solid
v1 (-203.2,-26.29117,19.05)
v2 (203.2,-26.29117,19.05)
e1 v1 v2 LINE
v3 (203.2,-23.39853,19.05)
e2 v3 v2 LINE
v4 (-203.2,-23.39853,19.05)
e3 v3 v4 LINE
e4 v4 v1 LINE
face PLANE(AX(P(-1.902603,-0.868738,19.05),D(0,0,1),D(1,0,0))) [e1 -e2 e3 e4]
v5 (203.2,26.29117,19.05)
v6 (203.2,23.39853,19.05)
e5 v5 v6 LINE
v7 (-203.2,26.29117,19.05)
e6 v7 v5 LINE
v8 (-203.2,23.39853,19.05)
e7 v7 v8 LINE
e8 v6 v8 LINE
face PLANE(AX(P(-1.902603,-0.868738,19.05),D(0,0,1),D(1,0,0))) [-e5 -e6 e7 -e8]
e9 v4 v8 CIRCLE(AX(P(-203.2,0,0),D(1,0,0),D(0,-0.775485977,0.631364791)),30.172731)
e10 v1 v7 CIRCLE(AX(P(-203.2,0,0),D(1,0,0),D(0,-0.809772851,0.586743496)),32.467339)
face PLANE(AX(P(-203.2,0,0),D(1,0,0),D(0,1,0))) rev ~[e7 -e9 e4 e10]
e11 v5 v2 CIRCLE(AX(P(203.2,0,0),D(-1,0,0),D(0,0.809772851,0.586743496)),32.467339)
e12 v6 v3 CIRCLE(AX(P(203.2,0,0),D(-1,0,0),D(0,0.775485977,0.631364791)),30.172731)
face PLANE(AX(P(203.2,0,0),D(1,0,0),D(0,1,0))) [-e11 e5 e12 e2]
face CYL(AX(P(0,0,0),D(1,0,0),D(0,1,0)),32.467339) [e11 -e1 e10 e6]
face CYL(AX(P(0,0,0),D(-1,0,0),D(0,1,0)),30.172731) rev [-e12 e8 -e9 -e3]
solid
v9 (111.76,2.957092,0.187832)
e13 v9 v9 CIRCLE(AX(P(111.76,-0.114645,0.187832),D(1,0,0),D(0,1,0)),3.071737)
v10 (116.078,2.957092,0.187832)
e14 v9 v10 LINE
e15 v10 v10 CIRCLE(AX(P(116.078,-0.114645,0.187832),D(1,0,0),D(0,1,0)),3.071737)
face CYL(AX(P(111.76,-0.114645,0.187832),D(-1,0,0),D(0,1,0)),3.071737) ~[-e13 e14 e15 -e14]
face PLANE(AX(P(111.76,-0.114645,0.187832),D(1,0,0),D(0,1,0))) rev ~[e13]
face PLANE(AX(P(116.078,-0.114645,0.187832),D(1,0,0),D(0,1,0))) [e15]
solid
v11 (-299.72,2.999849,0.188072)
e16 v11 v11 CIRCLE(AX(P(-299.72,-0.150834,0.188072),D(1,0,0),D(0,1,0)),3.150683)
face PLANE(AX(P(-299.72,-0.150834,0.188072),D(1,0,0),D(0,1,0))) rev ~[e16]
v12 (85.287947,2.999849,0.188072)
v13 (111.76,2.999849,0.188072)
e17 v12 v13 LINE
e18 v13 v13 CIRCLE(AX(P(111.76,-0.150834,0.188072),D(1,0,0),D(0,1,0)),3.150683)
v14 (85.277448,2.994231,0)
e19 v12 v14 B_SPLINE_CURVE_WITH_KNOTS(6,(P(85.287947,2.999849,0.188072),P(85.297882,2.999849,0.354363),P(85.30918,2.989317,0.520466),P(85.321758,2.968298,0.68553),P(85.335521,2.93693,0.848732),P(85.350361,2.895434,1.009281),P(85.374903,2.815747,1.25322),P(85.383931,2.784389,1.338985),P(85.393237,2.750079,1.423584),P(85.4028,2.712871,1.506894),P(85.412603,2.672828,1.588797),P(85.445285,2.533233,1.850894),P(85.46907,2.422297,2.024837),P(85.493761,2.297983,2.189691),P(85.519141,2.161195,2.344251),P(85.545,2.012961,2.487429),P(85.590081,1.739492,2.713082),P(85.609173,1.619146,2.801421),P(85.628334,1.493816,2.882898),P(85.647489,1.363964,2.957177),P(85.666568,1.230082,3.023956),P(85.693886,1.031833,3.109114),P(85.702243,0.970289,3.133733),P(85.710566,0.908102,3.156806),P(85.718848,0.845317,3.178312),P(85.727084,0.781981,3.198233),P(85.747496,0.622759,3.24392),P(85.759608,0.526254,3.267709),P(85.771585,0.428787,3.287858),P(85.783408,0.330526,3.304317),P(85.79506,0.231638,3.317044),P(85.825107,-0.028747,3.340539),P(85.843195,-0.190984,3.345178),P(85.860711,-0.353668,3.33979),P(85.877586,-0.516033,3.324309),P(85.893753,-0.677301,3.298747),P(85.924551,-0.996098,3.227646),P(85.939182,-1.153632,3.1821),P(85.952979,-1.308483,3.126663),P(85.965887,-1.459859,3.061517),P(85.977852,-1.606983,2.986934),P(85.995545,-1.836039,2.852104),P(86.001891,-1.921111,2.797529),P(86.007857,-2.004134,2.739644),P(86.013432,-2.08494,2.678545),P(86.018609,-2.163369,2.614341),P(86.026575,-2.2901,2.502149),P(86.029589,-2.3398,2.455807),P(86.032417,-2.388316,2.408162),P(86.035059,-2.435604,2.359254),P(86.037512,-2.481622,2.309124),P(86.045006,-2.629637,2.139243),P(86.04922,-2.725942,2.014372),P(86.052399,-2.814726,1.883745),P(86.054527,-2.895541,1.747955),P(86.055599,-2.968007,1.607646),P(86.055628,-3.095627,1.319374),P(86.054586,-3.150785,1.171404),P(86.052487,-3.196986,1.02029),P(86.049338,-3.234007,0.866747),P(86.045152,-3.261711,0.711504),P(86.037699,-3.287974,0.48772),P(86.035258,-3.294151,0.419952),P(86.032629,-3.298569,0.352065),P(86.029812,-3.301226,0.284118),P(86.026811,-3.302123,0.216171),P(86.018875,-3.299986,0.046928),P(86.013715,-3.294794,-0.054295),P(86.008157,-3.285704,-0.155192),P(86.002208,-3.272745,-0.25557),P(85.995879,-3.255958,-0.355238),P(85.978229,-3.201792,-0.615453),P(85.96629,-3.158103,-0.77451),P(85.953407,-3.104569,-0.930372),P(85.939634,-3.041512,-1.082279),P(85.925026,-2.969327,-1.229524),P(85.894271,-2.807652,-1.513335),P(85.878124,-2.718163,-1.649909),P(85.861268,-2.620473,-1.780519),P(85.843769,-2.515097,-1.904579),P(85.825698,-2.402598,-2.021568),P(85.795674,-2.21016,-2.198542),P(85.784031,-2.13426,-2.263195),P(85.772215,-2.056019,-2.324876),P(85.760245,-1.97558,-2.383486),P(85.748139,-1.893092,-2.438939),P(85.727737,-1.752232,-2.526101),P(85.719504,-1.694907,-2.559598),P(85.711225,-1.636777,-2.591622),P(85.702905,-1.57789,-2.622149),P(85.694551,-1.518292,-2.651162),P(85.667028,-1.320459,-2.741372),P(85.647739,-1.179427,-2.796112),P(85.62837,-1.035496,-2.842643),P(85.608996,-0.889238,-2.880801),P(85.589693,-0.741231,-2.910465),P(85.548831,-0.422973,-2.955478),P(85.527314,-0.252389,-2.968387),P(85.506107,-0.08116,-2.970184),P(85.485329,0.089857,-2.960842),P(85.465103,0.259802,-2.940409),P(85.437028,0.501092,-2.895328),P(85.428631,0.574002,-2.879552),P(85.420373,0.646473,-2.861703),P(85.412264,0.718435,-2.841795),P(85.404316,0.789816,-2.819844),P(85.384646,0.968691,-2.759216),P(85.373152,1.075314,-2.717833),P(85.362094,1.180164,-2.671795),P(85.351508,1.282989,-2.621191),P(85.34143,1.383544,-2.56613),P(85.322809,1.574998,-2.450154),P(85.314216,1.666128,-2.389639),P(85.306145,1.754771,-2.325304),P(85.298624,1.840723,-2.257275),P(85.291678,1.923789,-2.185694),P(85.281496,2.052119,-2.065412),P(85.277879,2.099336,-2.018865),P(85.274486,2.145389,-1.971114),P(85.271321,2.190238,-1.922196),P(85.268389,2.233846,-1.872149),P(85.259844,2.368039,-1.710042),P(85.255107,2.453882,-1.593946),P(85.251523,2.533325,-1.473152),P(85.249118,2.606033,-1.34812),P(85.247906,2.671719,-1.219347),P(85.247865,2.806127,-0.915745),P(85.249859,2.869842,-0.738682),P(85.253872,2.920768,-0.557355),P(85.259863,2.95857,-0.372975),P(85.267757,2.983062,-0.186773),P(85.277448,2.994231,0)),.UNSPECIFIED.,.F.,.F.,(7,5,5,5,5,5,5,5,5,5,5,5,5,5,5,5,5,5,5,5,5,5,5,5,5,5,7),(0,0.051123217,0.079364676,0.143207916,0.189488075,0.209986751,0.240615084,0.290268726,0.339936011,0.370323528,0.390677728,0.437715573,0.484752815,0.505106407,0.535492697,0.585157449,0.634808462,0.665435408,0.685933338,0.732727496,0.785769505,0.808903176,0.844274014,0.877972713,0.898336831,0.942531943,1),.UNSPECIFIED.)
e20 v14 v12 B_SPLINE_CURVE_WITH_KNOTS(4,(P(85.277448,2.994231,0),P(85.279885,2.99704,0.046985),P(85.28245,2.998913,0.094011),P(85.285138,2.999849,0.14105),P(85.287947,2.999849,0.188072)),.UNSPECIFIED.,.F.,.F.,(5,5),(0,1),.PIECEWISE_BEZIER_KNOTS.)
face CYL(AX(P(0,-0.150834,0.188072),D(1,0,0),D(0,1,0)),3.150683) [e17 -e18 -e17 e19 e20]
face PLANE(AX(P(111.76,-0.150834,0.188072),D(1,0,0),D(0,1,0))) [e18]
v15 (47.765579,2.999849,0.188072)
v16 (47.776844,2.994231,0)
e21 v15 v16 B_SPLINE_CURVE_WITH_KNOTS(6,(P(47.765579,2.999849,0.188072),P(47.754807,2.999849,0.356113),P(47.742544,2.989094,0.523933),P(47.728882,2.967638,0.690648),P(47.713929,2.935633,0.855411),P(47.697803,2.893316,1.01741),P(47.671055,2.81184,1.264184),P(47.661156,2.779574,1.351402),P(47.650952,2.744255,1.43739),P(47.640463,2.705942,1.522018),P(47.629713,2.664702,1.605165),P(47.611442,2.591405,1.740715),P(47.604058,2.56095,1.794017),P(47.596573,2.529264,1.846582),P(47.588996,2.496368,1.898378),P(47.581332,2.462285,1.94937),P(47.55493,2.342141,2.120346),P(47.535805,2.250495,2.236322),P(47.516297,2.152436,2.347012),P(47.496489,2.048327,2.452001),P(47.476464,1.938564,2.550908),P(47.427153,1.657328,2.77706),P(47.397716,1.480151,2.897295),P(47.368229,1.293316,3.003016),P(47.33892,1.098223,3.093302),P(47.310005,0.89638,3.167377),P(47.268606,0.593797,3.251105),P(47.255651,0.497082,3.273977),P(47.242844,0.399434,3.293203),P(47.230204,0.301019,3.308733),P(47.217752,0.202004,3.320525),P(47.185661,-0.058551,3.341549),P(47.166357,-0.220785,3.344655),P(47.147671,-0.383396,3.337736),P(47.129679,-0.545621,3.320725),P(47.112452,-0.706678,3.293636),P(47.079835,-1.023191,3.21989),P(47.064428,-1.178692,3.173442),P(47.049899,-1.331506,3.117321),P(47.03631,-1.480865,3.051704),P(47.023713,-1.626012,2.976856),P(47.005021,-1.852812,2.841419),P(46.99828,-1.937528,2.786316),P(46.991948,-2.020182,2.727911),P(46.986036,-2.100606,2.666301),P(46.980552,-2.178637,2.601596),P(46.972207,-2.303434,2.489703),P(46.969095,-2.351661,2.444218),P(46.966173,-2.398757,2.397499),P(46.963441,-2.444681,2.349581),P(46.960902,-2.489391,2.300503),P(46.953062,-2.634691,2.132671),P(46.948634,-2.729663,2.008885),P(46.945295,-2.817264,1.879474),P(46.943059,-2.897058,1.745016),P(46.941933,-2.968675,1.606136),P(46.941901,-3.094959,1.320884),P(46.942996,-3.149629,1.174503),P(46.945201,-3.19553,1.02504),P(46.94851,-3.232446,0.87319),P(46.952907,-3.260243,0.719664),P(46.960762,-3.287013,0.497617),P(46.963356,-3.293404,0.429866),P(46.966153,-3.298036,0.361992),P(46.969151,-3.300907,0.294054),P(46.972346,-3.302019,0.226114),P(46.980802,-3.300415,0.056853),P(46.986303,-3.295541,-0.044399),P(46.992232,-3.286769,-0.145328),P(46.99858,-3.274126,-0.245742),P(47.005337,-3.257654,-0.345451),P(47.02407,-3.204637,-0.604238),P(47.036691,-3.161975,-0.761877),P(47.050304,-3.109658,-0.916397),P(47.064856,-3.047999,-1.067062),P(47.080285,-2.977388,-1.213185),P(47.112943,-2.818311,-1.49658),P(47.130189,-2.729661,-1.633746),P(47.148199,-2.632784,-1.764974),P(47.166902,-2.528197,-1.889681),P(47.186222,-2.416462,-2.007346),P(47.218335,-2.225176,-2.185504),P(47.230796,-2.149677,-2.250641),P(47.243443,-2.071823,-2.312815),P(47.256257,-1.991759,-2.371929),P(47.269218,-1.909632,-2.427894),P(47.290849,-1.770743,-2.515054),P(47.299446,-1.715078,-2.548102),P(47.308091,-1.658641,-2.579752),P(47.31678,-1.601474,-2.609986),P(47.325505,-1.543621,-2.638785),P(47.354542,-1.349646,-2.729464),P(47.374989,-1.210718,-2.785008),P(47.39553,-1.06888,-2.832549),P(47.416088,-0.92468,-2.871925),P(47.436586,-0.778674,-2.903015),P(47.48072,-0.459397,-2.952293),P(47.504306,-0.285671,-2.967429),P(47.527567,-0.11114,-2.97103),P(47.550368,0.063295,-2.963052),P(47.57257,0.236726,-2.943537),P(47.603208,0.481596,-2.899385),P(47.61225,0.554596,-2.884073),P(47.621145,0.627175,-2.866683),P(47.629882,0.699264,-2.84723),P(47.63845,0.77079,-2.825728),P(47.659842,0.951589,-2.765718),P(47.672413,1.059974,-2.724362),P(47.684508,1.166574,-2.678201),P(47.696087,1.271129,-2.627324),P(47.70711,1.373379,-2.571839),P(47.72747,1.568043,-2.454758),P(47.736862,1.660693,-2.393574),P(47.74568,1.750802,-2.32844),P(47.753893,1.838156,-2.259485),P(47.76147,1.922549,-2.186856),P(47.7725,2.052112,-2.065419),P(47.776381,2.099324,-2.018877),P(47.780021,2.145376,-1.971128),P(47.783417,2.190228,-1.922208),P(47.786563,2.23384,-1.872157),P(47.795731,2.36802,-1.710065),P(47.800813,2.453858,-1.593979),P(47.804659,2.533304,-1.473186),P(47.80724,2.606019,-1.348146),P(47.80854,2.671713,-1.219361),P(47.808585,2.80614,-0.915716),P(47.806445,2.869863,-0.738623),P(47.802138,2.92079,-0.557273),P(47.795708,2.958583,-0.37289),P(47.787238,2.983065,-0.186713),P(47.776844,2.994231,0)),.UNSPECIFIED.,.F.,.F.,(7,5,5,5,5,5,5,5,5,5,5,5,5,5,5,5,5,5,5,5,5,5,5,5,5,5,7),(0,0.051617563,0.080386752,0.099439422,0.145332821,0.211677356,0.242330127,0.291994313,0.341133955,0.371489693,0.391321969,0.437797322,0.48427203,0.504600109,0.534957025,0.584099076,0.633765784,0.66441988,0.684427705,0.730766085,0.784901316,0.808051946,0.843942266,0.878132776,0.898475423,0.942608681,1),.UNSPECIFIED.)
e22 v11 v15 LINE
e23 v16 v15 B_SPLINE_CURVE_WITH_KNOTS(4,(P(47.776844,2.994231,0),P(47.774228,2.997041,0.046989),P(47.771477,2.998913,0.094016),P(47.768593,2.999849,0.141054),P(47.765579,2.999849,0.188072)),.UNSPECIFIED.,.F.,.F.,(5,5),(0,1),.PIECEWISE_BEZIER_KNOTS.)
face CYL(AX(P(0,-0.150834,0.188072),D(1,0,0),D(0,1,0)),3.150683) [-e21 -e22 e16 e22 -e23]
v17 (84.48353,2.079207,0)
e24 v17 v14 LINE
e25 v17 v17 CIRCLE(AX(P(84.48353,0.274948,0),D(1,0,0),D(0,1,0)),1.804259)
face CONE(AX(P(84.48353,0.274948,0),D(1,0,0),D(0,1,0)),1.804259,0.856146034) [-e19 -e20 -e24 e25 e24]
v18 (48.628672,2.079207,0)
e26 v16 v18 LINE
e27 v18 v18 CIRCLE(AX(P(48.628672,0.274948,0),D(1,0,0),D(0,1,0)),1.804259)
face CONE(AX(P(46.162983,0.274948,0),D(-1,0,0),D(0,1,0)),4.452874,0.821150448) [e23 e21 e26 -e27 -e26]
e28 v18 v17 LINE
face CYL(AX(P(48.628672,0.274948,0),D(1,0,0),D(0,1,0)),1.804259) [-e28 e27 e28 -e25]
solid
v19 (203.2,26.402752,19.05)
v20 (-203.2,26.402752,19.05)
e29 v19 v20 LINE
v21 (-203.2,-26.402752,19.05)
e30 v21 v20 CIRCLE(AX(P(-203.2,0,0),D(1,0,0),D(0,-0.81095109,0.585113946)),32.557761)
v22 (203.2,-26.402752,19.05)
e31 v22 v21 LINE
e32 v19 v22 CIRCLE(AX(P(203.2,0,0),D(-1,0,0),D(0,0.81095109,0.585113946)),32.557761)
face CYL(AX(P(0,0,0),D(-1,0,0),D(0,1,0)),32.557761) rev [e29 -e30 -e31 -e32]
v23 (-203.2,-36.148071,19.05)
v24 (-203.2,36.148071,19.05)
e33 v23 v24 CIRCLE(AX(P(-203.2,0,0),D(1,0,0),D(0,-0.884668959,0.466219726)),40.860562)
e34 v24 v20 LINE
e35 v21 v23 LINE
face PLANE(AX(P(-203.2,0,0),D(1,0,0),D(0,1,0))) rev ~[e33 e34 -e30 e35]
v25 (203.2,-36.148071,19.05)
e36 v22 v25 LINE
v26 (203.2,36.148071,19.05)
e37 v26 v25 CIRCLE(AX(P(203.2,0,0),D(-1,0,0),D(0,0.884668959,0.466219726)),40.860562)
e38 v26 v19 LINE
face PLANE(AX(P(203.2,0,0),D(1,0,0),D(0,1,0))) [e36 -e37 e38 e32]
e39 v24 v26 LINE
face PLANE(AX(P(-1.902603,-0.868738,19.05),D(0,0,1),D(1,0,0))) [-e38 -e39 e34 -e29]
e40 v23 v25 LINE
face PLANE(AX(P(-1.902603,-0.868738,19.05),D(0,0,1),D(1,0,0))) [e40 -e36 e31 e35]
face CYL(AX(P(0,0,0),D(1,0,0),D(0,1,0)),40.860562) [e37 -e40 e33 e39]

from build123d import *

# Parameters (mm, degrees)
F0_R          = 32.467339
F0_R_2        = 30.172731
F1_DEPTH      = 203.2
F1_DEPTH_BACK = 203.2
F2_R          = 40.860562
F2_R_2        = 32.557761
F3_DEPTH      = 203.2
F3_DEPTH_BACK = 203.2
F4_R          = 3.150683
F5_DEPTH      = 111.76
F5_DEPTH_BACK = 299.72
F10_R         = 3.071737
F11_DEPTH     = 4.318
F13_W         = 426.029071
F13_H         = 92.935704
F14_DEPTH     = 35.814


with BuildPart() as f1:
    # F0 (on Right) → F1 (new body, two sides)
    with BuildSketch(Plane.YZ) as f1_sk:
        Circle(F0_R)
        Circle(F0_R_2, mode=Mode.SUBTRACT)
    extrude(amount=F1_DEPTH)
    extrude(f1_sk.sketch, amount=-F1_DEPTH_BACK)


with BuildPart() as f3:
    # F2 (on Right) → F3 (new body, two sides)
    with BuildSketch(Plane.YZ) as f3_sk:
        Circle(F2_R)
        Circle(F2_R_2, mode=Mode.SUBTRACT)
    extrude(amount=F3_DEPTH)
    extrude(f3_sk.sketch, amount=-F3_DEPTH_BACK)


with BuildPart() as f5:
    # F4 (on Right) → F5 (new body, two sides)
    with BuildSketch(Plane.YZ) as f5_sk:
        with Locations((-0.150834, 0.188072)):
            Circle(F4_R)
    extrude(amount=F5_DEPTH)
    extrude(f5_sk.sketch, amount=-F5_DEPTH_BACK)

    # F6 (on Top) → F8 (revolve, cut)
    with BuildSketch(Plane.XY):
        Polygon((46.162983, 4.727822), (48.628672, 2.079207), (84.48353, 2.079207), (86.781593, 4.727822), align=None)
    revolve(axis=Axis((28.044745, 0.274948, 0), (1, 0, 0)), mode=Mode.SUBTRACT)


with BuildPart() as f11:
    # F10 (on offset) → F11 (new body)
    with BuildSketch(Plane.YZ.offset(111.76)):
        with Locations((-0.114645, 0.187832)):
            Circle(F10_R)
    extrude(amount=F11_DEPTH)


with BuildPart() as f14_tool:
    # F13 (on offset) → F14 (new body)
    with BuildSketch(Plane.XY.offset(19.05)):
        with Locations((-1.902603, -0.868738)):
            Rectangle(F13_W, F13_H)
    extrude(amount=F14_DEPTH)


with BuildPart() as f1_1:
    add(f1.part)

    # F14: cut by f14_tool
    add(f14_tool.part, mode=Mode.SUBTRACT)


with BuildPart() as f3_1:
    add(f3.part)

    # F14: cut by f14_tool
    add(f14_tool.part, mode=Mode.SUBTRACT)


solid = Compound([f5.part, f11.part, f1_1.part, f3_1.part])
